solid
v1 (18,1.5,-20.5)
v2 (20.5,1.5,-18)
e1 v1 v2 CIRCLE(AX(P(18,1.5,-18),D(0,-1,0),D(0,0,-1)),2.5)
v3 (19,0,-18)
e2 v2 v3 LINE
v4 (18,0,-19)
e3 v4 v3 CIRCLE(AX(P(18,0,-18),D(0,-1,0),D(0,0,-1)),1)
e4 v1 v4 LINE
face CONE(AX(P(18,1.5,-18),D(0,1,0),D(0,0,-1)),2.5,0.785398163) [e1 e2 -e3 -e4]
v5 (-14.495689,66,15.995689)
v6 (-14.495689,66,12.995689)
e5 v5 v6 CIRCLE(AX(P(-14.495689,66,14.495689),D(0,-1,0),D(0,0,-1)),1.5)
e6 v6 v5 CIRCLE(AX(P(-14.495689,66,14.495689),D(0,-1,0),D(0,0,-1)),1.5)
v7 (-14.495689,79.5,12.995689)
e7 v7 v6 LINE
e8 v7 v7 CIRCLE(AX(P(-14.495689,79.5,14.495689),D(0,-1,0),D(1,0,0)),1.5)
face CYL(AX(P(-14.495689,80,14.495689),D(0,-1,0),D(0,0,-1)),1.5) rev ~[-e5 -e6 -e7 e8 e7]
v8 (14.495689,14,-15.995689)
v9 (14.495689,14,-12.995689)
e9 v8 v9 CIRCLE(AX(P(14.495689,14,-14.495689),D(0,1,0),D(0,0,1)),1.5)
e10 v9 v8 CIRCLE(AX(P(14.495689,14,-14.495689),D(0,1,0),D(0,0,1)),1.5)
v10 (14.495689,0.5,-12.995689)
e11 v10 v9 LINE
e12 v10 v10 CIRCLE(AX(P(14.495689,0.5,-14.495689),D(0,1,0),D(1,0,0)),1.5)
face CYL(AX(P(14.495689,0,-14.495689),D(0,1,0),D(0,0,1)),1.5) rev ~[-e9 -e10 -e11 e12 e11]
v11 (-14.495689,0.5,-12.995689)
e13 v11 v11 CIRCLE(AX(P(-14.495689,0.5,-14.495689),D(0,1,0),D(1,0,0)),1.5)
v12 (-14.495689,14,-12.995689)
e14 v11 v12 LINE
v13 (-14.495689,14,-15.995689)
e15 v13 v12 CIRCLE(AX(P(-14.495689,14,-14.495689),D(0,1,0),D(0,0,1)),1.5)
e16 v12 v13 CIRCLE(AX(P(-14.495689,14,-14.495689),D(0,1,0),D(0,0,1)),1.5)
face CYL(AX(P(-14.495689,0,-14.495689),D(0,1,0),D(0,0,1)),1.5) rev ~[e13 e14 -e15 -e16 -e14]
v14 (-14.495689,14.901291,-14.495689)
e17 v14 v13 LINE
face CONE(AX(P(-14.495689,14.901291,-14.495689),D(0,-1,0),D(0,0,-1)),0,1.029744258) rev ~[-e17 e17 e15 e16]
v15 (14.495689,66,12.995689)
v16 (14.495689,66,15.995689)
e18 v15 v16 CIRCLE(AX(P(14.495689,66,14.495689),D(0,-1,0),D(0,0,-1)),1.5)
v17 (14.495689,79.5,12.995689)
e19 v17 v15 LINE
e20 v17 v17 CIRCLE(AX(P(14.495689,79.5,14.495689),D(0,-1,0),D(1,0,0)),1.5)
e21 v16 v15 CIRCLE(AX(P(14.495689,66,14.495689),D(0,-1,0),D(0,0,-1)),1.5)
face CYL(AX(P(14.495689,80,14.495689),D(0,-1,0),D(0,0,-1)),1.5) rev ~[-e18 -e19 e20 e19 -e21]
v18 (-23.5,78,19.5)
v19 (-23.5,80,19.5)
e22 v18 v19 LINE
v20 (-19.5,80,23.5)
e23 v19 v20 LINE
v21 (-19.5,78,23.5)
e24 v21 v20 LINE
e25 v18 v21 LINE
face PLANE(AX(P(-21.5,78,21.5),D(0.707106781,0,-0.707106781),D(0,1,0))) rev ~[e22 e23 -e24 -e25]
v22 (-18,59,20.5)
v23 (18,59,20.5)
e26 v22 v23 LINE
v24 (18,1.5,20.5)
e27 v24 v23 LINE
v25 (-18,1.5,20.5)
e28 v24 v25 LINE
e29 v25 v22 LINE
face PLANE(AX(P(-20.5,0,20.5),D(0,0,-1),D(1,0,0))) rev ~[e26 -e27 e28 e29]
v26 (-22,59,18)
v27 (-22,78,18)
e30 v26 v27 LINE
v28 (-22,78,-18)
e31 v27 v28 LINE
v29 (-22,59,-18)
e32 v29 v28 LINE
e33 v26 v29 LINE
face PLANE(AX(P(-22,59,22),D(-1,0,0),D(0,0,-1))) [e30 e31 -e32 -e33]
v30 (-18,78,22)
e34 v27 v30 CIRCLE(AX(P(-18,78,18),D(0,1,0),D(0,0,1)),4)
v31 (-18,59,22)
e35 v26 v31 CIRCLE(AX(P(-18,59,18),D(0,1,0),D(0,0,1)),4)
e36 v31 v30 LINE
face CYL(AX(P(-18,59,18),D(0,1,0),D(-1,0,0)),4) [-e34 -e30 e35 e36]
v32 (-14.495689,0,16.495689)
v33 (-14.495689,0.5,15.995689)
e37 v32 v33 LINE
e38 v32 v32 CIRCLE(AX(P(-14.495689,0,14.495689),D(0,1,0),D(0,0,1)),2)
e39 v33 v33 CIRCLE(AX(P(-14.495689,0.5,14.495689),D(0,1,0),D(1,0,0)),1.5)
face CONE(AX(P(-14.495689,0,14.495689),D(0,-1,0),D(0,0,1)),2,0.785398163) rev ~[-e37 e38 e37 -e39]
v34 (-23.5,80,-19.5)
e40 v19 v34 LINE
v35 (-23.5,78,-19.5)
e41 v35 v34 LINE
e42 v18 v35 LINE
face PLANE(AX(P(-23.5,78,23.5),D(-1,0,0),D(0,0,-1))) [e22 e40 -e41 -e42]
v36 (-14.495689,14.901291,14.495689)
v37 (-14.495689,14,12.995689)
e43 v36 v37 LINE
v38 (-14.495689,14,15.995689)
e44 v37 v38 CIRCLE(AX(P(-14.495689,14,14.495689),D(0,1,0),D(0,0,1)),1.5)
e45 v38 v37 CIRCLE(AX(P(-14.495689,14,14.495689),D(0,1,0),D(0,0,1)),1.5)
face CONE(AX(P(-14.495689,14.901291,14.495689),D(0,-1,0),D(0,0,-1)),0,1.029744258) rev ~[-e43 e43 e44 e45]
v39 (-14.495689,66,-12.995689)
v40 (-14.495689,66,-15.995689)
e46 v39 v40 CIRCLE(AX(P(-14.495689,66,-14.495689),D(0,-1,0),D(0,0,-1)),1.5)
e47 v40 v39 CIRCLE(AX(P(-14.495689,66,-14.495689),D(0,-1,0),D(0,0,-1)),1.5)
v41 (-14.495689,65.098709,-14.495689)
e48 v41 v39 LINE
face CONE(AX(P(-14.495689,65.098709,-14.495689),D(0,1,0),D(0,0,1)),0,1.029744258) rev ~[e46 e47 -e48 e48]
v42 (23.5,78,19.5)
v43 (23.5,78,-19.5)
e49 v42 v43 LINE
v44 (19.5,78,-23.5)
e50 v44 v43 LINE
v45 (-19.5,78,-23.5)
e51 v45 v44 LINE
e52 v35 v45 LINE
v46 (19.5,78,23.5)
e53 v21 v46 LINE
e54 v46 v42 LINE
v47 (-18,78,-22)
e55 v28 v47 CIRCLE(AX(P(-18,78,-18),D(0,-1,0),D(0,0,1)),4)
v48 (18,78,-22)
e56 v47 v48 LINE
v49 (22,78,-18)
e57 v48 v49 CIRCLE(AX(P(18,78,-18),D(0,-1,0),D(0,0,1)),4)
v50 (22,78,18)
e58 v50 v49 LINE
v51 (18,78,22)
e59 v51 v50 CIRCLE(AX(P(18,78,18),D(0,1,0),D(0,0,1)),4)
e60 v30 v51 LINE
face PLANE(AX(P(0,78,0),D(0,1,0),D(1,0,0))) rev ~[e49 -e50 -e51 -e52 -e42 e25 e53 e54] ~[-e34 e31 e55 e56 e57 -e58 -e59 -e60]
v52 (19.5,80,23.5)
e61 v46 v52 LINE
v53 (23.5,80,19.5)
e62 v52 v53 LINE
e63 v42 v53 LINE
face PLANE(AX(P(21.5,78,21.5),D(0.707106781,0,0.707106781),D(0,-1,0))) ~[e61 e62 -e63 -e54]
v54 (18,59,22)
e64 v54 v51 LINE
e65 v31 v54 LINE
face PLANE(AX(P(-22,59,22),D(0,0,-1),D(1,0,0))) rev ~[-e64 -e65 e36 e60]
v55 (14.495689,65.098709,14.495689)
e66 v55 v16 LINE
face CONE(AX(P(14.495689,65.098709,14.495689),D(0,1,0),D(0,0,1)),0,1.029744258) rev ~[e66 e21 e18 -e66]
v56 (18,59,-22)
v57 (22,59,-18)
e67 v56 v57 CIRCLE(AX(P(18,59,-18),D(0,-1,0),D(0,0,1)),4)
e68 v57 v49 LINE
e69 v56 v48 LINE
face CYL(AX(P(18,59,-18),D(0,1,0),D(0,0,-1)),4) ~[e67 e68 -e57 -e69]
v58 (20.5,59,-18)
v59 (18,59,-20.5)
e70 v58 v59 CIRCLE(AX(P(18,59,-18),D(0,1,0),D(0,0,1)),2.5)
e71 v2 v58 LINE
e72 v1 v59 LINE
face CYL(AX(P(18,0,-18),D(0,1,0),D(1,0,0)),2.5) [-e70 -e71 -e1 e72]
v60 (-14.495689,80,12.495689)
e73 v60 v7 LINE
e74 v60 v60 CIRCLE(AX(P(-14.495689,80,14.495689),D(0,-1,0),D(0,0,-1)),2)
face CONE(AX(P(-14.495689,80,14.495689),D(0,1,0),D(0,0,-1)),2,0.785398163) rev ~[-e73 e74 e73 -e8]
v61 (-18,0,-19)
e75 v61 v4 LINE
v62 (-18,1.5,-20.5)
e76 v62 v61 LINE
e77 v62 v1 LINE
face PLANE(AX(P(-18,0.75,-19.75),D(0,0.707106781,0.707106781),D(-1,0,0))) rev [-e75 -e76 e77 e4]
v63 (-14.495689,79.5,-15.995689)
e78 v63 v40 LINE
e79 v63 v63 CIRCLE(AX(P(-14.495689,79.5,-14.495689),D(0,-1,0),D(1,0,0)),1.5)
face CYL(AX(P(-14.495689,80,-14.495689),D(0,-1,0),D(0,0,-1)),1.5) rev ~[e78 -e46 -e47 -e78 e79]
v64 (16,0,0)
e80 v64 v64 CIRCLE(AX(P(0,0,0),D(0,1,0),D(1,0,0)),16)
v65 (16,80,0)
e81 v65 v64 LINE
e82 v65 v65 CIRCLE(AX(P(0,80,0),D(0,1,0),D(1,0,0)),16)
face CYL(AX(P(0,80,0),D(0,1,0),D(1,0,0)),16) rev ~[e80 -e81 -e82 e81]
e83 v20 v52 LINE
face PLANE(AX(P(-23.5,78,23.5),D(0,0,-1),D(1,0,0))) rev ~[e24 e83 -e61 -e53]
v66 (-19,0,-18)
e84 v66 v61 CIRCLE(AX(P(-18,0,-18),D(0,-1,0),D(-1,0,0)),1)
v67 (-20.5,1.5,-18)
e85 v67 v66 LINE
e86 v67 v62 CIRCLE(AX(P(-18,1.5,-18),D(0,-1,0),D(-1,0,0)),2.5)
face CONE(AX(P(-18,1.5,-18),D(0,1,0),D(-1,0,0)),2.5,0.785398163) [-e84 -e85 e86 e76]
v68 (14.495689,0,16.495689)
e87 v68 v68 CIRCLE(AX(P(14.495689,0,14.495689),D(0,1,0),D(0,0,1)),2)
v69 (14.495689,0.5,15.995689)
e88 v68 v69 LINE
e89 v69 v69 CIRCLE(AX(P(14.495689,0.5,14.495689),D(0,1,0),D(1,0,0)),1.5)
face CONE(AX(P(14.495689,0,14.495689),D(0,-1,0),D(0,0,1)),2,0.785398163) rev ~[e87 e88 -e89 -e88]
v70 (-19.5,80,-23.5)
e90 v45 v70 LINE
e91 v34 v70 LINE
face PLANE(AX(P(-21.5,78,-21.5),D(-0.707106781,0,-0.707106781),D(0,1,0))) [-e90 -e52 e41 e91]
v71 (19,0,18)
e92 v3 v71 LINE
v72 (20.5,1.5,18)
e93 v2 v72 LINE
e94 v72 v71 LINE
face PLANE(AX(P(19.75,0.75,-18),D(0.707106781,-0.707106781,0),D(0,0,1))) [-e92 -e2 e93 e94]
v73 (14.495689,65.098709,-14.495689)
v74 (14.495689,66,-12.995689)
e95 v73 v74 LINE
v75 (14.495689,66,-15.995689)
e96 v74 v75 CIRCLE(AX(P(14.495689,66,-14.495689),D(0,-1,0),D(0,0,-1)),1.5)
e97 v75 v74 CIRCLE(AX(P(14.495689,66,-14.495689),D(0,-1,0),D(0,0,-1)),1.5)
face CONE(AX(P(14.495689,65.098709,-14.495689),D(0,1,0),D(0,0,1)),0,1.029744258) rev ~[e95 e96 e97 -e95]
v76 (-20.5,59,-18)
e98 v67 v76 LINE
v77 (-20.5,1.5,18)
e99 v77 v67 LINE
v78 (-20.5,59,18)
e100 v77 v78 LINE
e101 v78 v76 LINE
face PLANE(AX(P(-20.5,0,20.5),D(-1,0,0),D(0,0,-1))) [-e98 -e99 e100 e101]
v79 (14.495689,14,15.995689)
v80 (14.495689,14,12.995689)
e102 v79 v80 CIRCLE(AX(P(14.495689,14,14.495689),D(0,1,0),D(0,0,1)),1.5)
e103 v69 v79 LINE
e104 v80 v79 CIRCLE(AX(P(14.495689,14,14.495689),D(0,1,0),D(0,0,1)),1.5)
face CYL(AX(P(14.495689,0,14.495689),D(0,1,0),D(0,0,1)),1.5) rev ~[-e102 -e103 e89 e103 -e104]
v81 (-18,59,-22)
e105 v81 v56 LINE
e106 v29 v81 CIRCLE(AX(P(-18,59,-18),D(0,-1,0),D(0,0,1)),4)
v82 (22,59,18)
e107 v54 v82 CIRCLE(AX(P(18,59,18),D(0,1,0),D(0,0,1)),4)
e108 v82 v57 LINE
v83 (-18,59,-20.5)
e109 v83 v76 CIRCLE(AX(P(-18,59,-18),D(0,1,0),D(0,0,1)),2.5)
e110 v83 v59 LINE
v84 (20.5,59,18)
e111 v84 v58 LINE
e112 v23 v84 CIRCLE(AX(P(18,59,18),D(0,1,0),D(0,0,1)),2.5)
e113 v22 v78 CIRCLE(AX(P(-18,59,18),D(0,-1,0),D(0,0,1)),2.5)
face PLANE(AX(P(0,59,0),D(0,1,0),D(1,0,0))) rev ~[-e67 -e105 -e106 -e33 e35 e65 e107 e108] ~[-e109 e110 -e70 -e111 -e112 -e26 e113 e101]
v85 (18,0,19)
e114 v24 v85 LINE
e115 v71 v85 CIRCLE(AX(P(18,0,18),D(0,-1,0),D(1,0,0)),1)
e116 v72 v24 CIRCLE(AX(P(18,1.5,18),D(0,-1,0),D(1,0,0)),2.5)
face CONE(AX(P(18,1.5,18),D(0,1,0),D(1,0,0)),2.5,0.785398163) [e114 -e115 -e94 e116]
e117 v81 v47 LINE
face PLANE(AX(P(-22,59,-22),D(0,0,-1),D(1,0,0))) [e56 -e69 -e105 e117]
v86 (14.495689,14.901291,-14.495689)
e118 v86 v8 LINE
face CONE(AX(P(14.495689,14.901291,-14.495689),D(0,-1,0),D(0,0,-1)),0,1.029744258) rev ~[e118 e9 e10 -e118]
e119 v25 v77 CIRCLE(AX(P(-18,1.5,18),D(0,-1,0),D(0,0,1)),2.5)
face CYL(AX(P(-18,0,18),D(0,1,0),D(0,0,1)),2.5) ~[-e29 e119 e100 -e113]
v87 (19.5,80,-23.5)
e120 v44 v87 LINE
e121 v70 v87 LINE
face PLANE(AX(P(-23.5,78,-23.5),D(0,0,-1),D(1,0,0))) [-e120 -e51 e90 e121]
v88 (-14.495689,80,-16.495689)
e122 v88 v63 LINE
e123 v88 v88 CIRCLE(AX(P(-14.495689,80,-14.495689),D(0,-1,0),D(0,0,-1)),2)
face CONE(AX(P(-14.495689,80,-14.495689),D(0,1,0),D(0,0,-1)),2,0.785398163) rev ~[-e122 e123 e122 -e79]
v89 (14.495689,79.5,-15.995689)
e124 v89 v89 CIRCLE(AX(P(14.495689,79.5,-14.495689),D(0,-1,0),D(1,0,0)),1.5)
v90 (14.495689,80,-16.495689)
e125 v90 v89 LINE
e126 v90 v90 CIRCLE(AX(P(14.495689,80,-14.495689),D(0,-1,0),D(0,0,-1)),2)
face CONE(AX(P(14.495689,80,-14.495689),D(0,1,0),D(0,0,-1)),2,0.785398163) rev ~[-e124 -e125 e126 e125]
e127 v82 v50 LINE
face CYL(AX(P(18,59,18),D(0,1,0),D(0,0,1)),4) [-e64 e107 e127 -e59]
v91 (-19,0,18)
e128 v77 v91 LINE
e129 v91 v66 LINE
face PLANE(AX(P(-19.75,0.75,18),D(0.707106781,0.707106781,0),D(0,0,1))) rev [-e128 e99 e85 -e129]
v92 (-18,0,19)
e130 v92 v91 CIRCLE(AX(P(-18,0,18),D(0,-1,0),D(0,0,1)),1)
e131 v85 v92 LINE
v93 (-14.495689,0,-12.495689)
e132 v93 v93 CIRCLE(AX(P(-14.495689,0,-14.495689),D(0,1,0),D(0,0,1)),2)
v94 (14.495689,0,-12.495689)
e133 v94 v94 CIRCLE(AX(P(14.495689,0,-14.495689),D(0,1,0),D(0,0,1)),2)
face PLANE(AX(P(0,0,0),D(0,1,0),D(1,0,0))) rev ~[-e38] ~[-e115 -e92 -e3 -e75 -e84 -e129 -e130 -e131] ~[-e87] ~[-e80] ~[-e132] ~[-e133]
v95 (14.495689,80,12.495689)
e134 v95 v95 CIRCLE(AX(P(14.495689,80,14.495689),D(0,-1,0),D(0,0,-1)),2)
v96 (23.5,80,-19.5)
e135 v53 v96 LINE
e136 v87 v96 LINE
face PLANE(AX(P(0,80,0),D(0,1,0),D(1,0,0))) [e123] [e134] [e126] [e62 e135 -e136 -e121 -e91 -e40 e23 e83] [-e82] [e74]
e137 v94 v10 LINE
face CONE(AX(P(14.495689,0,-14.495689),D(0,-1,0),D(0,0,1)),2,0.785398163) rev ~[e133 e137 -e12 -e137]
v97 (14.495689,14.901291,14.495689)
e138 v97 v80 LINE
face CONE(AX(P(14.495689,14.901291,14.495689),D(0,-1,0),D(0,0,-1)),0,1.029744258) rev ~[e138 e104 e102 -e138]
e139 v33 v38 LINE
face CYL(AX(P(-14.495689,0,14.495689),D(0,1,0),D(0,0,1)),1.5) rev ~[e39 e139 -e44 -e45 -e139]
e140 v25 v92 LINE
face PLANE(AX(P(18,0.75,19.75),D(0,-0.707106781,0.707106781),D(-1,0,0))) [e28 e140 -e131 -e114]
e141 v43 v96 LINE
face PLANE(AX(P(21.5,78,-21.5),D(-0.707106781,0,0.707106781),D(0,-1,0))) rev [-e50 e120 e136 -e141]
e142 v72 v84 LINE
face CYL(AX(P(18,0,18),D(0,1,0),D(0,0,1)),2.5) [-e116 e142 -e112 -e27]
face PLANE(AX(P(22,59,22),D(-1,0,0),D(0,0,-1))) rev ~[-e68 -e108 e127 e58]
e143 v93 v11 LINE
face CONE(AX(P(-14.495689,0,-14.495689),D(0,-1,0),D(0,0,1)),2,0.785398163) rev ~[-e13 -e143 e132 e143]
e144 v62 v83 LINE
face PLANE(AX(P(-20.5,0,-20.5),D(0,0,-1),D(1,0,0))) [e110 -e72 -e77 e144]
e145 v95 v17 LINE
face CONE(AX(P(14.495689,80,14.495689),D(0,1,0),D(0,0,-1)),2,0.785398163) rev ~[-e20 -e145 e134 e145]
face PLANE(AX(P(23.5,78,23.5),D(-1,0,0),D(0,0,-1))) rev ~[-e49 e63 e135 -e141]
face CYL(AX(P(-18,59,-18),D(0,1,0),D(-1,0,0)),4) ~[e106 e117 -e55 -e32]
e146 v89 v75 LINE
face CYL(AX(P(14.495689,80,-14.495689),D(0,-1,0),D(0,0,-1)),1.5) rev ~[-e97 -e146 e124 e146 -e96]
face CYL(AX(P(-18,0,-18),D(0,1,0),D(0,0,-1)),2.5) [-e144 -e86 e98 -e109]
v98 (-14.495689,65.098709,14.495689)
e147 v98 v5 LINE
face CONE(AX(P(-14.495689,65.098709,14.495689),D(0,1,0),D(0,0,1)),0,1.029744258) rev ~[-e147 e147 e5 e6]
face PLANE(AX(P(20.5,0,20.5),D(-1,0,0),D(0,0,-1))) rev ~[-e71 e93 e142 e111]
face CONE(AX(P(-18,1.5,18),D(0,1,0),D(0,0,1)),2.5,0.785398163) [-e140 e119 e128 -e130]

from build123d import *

# Parameters (mm, degrees)
SKETCH_1_W                    = 41
SKETCH_1_H                    = 41
EXTRUDE_1_DEPTH               = 59
SKETCH_2_W                    = 44
SKETCH_2_H                    = 44
EXTRUDE_2_DEPTH               = 19
SKETCH_3_W                    = 47
SKETCH_3_H                    = 47
EXTRUDE_3_DEPTH               = 2
FILLET_1_R                    = 2.5
FILLET_2_R                    = 4
CHAMFER_1_SIZE                = 1.5
CHAMFER_2_SIZE                = 4
SKETCH_4_R                    = 16
CUT_EXTRUDE_4_DEPTH           = 81
M4X0_71_D                     = 3
M4X0_71_DEPTH                 = 14
M4X0_71_CSINK_D               = 4
M4X0_71_CSINK_ANGLE           = 90
M4X0_71_TIP                   = 0.901290929
M4X0_71_ON_FACE_2_D           = 3
M4X0_71_ON_FACE_2_DEPTH       = 14
M4X0_71_ON_FACE_2_CSINK_D     = 4
M4X0_71_ON_FACE_2_CSINK_ANGLE = 90
M4X0_71_ON_FACE_2_TIP         = 0.901290929


with BuildPart() as part:
    # Эскиз1 → Вытянуть1 (new body)
    with BuildSketch(Plane(origin=(0, 0, 0), x_dir=(1, 0, 0), z_dir=(0, 1, 0))):
        Rectangle(SKETCH_1_W, SKETCH_1_H)
    extrude(amount=EXTRUDE_1_DEPTH)

    # Эскиз2 → Вытянуть2 (add)
    with BuildSketch(Plane(origin=(0, 59, 0), x_dir=(1, 0, 0), z_dir=(0, 1, 0))):
        Rectangle(SKETCH_2_W, SKETCH_2_H)
    extrude(amount=EXTRUDE_2_DEPTH)

    # Эскиз3 → Вытянуть3 (add)
    with BuildSketch(Plane(origin=(0, 78, 0), x_dir=(1, 0, 0), z_dir=(0, 1, 0))):
        Rectangle(SKETCH_3_W, SKETCH_3_H)
    extrude(amount=EXTRUDE_3_DEPTH)

    # Скругление1
    fillet_1_edges = [part.edges().sort_by_distance(p)[0] for p in [
        (20.5, 29.5, 20.5),
        (-20.5, 29.5, 20.5),
        (-20.5, 29.5, -20.5),
        (20.5, 29.5, -20.5),
    ]]
    fillet(fillet_1_edges, radius=FILLET_1_R)

    # Скругление2
    fillet_2_edges = [part.edges().sort_by_distance(p)[0] for p in [
        (22, 68.5, 22),
        (22, 68.5, -22),
        (-22, 68.5, -22),
        (-22, 68.5, 22),
    ]]
    fillet(fillet_2_edges, radius=FILLET_2_R)

    # Фаска1
    chamfer_1_edges = [part.edges().sort_by_distance(p)[0] for p in [
        (-20.5, 0, 0),
        (20.5, 0, 0),
        (0, 0, 20.5),
        (0, 0, -20.5),
        (19.767766953, 0, 19.767766953),
        (19.767766953, 0, -19.767766953),
        (-19.767766953, 0, 19.767766953),
        (-19.767766953, 0, -19.767766953),
    ]]
    chamfer(chamfer_1_edges, length=CHAMFER_1_SIZE)

    # Фаска2
    chamfer_2_edges = [part.edges().sort_by_distance(p)[0] for p in [
        (23.5, 79, 23.5),
        (23.5, 79, -23.5),
        (-23.5, 79, -23.5),
        (-23.5, 79, 23.5),
    ]]
    chamfer(chamfer_2_edges, length=CHAMFER_2_SIZE)

    # Эскиз4 → Вытянуть4 (cut, through all)
    with BuildSketch(Plane(origin=(0, 80, 0), x_dir=(1, 0, 0), z_dir=(0, 1, 0))):
        Circle(SKETCH_4_R)
    extrude(amount=-CUT_EXTRUDE_4_DEPTH, mode=Mode.SUBTRACT)

    # Отверстие обработанное метчиком M4x0.71
    with Locations(Plane(origin=(-14.495689014, 0, 14.495689014), x_dir=(0, 0, -1), z_dir=(0, -1, 0))):
        with Locations((0, 0), (28.991378028, 0), (28.991378028, 28.991378028), (0, 28.991378028)):
            CounterSinkHole(M4X0_71_D / 2, M4X0_71_CSINK_D / 2, depth=M4X0_71_DEPTH, counter_sink_angle=M4X0_71_CSINK_ANGLE)
            with Locations((0, 0, -(M4X0_71_DEPTH + M4X0_71_TIP / 2))):  # 118° drill point
                Cone(0, M4X0_71_D / 2, M4X0_71_TIP, mode=Mode.SUBTRACT)

    # Отверстие обработанное метчиком M4x0.71 on face 2
    with Locations(Plane(origin=(-14.495689014, 80, 14.495689014), x_dir=(0, 0, 1), z_dir=(0, 1, 0))):
        with Locations((0, 0), (0, 28.991378028), (-28.991378028, 28.991378028), (-28.991378028, 0)):
            CounterSinkHole(M4X0_71_ON_FACE_2_D / 2, M4X0_71_ON_FACE_2_CSINK_D / 2, depth=M4X0_71_ON_FACE_2_DEPTH, counter_sink_angle=M4X0_71_ON_FACE_2_CSINK_ANGLE)
            with Locations((0, 0, -(M4X0_71_ON_FACE_2_DEPTH + M4X0_71_ON_FACE_2_TIP / 2))):  # 118° drill point
                Cone(0, M4X0_71_ON_FACE_2_D / 2, M4X0_71_ON_FACE_2_TIP, mode=Mode.SUBTRACT)


solid = part.part
